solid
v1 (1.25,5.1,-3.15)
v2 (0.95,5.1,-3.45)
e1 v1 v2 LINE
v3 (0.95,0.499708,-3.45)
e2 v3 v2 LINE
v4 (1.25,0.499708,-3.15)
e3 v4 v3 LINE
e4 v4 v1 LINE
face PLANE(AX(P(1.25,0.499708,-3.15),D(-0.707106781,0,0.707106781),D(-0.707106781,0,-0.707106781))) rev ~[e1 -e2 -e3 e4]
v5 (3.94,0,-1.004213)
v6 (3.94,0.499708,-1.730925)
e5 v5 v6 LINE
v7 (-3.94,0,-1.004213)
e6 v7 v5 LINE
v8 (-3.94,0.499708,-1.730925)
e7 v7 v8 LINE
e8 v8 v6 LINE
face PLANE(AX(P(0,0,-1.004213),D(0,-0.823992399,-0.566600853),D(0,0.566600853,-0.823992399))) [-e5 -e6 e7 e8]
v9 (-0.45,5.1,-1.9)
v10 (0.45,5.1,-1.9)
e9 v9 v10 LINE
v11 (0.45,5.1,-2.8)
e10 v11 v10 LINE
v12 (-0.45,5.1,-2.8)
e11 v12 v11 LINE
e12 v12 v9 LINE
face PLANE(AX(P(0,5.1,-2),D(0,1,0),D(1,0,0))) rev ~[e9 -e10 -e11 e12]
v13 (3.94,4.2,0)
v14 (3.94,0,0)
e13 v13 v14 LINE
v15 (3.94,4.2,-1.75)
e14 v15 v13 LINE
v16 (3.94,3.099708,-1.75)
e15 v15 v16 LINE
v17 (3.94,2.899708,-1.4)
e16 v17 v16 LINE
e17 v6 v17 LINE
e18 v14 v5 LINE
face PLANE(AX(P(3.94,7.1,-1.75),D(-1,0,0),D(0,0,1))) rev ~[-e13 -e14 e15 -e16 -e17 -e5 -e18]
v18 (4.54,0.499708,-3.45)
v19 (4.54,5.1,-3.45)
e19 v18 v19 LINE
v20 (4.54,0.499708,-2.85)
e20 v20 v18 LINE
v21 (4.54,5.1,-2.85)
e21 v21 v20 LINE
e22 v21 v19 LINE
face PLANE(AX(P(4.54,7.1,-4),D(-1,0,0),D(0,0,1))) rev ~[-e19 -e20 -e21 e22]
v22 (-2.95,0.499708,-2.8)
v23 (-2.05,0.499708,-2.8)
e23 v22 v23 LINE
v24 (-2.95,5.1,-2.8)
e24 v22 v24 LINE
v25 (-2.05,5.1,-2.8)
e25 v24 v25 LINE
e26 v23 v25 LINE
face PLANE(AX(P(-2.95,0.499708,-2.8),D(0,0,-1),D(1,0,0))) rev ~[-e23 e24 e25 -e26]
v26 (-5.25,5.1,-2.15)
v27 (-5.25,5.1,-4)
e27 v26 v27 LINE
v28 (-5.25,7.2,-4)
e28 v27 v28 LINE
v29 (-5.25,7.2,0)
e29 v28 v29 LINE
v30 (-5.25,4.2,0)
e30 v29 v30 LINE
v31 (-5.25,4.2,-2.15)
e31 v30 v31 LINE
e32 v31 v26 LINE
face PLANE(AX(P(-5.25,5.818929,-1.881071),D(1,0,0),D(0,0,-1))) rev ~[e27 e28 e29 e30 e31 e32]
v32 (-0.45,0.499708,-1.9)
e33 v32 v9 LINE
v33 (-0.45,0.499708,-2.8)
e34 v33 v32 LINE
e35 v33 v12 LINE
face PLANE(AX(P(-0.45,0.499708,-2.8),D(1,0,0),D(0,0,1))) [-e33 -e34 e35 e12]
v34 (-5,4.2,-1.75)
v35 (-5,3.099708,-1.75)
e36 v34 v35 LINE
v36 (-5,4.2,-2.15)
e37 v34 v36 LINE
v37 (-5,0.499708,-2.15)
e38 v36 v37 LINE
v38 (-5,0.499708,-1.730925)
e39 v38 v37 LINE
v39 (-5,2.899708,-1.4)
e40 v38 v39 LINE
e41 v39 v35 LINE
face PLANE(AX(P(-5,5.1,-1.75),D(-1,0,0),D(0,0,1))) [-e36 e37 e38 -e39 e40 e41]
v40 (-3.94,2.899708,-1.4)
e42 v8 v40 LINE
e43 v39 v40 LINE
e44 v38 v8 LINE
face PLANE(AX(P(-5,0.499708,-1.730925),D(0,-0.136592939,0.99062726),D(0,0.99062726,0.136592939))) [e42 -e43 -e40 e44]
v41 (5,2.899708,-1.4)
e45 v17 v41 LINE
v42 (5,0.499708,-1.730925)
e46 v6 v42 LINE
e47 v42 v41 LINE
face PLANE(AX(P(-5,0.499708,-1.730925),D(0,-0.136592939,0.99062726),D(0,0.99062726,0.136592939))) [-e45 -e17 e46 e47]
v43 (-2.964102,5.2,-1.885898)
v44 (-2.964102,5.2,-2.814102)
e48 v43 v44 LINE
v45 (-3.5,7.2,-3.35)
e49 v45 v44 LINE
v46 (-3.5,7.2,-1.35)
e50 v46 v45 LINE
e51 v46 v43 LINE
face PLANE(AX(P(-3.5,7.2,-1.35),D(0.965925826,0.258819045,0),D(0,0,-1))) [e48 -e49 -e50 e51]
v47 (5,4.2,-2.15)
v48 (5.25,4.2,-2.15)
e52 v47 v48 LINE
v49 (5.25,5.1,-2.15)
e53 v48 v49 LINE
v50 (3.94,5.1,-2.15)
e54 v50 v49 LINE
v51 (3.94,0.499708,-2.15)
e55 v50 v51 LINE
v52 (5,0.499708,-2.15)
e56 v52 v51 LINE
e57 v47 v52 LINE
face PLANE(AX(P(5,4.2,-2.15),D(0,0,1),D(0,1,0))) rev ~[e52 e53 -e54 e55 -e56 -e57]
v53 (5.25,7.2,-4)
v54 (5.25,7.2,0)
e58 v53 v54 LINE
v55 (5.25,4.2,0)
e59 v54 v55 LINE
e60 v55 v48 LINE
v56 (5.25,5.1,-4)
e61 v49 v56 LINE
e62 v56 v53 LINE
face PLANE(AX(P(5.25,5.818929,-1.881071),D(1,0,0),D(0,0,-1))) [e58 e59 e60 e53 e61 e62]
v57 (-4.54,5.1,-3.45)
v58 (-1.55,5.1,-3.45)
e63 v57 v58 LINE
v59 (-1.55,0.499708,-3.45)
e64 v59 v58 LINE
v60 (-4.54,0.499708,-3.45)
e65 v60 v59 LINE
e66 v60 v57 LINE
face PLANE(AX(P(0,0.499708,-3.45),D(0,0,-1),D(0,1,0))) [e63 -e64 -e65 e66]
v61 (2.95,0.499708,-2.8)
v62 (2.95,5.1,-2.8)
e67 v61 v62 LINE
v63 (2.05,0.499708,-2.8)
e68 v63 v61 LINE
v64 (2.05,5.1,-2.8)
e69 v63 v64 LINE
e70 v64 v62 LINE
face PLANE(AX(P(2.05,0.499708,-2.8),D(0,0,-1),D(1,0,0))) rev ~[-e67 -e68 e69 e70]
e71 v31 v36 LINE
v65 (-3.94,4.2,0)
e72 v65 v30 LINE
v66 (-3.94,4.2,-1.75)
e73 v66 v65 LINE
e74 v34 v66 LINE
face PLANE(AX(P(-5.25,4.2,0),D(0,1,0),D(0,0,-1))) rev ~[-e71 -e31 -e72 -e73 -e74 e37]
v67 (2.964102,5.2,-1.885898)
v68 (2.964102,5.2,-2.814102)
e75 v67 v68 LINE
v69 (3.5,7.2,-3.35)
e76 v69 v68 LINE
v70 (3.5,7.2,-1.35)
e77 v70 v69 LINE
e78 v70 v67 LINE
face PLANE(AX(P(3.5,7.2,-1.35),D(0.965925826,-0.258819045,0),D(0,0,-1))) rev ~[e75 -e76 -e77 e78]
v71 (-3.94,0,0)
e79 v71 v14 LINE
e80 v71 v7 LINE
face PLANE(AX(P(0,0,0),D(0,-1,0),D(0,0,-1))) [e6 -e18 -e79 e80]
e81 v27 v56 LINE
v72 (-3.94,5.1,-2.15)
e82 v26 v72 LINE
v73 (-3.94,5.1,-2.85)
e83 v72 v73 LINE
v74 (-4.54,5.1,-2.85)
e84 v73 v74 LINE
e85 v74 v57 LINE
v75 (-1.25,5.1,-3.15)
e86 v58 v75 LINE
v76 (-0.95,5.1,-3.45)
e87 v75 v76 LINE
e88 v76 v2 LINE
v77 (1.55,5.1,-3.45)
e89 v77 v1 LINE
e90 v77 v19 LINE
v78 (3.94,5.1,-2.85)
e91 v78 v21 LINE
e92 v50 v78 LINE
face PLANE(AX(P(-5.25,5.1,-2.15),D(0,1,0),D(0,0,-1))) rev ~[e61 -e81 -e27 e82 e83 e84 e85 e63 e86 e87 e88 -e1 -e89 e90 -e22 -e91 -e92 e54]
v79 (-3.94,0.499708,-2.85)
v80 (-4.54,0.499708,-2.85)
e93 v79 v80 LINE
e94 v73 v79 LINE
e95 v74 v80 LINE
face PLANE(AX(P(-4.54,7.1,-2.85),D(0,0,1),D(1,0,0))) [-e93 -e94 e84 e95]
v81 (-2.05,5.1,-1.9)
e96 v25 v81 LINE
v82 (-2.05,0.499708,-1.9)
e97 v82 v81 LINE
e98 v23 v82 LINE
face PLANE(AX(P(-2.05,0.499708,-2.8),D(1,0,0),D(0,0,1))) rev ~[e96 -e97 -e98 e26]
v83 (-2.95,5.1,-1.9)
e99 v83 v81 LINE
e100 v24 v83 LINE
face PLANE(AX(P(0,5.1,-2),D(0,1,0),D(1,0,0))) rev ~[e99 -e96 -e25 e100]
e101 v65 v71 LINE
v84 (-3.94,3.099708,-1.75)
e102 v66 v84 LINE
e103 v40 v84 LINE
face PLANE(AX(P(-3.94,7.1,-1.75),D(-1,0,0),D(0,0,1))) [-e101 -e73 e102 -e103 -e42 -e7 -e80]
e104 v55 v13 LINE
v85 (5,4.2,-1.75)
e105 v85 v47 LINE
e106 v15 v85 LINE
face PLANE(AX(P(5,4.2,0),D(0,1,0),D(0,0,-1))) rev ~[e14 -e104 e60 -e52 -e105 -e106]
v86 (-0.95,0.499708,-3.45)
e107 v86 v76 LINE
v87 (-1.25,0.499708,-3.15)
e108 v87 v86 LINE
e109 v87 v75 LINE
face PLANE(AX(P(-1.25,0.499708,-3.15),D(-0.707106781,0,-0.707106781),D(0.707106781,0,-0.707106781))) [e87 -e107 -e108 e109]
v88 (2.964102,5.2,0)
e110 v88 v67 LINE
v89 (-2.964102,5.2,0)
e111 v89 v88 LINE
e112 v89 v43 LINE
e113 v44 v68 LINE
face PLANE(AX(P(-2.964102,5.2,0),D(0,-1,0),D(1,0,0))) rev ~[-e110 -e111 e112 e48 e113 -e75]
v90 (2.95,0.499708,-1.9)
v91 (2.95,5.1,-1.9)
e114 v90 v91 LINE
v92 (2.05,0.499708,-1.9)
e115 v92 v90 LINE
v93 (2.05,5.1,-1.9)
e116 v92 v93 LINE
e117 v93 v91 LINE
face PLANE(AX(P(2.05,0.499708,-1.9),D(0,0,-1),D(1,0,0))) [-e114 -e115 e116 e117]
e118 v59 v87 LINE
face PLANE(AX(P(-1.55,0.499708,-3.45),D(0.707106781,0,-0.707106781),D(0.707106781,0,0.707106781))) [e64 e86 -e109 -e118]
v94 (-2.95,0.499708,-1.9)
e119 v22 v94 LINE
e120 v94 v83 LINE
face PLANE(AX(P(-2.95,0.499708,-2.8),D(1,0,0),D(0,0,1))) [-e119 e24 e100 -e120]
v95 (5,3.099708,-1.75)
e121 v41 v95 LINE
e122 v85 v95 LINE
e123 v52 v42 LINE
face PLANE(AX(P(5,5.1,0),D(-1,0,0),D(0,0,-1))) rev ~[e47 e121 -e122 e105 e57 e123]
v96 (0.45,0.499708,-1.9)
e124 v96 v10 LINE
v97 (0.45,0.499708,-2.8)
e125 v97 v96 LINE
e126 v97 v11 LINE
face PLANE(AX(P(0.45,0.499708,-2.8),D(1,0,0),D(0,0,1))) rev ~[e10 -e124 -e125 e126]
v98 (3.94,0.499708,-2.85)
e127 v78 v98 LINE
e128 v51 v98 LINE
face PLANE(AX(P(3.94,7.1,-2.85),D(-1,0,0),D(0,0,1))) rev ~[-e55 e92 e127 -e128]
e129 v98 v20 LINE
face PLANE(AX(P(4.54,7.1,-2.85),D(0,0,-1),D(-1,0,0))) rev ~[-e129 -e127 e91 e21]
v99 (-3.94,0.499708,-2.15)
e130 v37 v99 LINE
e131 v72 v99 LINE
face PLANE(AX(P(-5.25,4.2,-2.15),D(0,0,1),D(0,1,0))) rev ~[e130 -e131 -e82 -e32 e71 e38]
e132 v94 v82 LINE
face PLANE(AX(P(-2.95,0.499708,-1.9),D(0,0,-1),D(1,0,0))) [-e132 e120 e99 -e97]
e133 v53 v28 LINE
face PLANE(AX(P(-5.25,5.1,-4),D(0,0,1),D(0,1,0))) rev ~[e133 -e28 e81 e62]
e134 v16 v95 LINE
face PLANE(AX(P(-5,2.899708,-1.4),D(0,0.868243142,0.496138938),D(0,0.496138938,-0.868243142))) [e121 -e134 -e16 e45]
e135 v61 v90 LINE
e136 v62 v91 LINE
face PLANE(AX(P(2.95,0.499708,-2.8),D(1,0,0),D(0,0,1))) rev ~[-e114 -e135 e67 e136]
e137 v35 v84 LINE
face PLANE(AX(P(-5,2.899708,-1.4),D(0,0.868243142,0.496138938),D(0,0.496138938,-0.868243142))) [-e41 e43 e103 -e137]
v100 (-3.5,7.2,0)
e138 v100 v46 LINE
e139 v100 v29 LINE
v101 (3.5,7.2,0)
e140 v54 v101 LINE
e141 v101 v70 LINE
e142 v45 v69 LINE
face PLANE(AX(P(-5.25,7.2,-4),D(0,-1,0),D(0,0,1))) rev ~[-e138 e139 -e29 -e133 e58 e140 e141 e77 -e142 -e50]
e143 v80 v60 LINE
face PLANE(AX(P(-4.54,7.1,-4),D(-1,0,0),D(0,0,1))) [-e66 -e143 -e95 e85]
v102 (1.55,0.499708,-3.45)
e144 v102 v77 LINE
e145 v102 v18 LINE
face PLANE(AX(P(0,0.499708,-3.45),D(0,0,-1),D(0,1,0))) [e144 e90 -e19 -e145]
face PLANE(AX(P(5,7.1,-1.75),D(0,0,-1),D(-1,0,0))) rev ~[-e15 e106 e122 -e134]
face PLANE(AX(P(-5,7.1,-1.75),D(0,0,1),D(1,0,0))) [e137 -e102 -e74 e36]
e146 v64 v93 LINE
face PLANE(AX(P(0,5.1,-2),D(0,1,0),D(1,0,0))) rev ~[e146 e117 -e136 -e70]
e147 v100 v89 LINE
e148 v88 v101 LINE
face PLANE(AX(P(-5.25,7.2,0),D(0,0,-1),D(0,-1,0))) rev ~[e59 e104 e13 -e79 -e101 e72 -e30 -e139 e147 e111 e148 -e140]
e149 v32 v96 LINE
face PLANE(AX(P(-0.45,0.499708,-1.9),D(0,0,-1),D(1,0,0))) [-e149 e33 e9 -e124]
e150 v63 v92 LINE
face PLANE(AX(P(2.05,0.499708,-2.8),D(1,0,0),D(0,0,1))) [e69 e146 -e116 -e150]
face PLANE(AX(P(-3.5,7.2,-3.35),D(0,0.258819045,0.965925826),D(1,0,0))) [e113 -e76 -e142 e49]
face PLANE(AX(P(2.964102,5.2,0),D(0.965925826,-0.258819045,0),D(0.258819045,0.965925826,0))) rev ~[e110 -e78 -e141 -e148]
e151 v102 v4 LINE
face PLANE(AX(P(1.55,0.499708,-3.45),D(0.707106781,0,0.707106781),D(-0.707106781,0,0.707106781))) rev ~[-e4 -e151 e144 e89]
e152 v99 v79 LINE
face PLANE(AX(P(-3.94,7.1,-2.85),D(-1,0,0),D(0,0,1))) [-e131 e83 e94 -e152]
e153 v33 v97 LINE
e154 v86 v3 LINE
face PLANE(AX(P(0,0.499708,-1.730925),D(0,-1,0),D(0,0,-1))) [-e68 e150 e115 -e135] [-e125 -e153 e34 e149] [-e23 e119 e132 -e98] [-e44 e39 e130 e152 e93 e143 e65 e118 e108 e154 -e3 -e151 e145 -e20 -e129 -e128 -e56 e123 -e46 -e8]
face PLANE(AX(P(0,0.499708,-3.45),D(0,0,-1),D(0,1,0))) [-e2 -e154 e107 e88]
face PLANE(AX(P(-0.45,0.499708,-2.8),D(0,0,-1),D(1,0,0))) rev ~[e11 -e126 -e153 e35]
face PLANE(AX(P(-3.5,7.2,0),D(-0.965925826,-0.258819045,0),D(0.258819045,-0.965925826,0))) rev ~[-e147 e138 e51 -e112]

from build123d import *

# Parameters (mm, degrees)
BOSS_EXTRUDE1_DEPTH      = 5
CUT_EXTRUDE1_DEPTH       = 10.560857702
SKETCH3_W                = 0.9
SKETCH3_H                = 0.9
CUT_EXTRUDE2_DEPTH       = 10.195860993
BOSS_EXTRUDE2_DEPTH      = 1.06
BOSS_EXTRUDE2_DEPTH_BACK = 8.94
CUT_EXTRUDE3_DEPTH       = 5.399847063
BOSS_EXTRUDE3_DEPTH      = 0.1
BOSS_EXTRUDE3_DEPTH_BACK = 2
SKETCH6_W                = 10
SKETCH6_H                = 4
SKETCH7_W                = 7
SKETCH7_H                = 2
CUT_EXTRUDE4_DEPTH       = 2
CUT_EXTRUDE4_DRAFT       = -15
CUT_EXTRUDE5_REACH       = 11.635
SKETCH9_W                = 1.06
SKETCH9_H                = 1.75
BOSS_EXTRUDE4_DEPTH      = 0.9
BOSS_EXTRUDE5_DEPTH      = 0.25
BOSS_EXTRUDE6_START      = -10.25
BOSS_EXTRUDE6_DEPTH      = 0.25


with BuildPart() as part:
    # Sketch1 → Boss-Extrude1 (new, symmetric)
    with BuildSketch(Plane(origin=(0, 0, 0), x_dir=(0, 0, -1), z_dir=(1, 0, 0))):
        Polygon((4, 7.1), (1.092777193, 7.1), (1.092777193, 6.499060719), (0, 6.499060719), (0, 0), (1.004213348, 0), (1.730924726, 0.499707627), (3.45, 0.499707627), (3.45, 5.89955469), (4, 5.89955469), align=None)
    extrude(amount=BOSS_EXTRUDE1_DEPTH, both=True)

    # Sketch2 → Cut-Extrude1 (cut, through all)
    with BuildSketch(Plane(origin=(0, 7.1, 0), x_dir=(1, 0, 0), z_dir=(0, 1, 0))):
        Polygon((-6, 4), (-4.54, 4), (-4.54, 2.85), (-3.94, 2.85), (-3.94, 2.15), (-5, 2.15), (-5, 1.75), (-3.94, 1.75), (-3.94, 0), (-6, 0), align=None)
        Polygon((6, 0), (6, 4), (4.54, 4), (4.54, 2.85), (3.94, 2.85), (3.94, 2.15), (5, 2.15), (5, 1.75), (3.94, 1.75), (3.94, 0), align=None)
    extrude(amount=-CUT_EXTRUDE1_DEPTH, mode=Mode.SUBTRACT)

    # Sketch3 → Cut-Extrude2 (cut, through all)
    with BuildSketch(Plane.XZ.offset(-0.499707627)):
        with Locations((0, -2.35)):
            Rectangle(SKETCH3_W, SKETCH3_H)
        with Locations((2.5, -2.35)):
            Rectangle(SKETCH3_W, SKETCH3_H)
        with Locations((-2.5, -2.35)):
            Rectangle(SKETCH3_W, SKETCH3_H)
    extrude(amount=-CUT_EXTRUDE2_DEPTH, mode=Mode.SUBTRACT)

    # Sketch4 → Boss-Extrude2 (add, two sides: drawn at the far end of the back side and taken through both)
    with BuildSketch(Plane(origin=(3.94, 0, 0), x_dir=(0, 0, -1), z_dir=(1, 0, 0)).offset(-BOSS_EXTRUDE2_DEPTH_BACK)):
        Polygon((1.75, 0.499707627), (1.730924726, 0.499707627), (1.4, 2.899707627), (1.75, 3.099707627), align=None)
    extrude(amount=BOSS_EXTRUDE2_DEPTH + BOSS_EXTRUDE2_DEPTH_BACK)

    # Sketch5 → Cut-Extrude3 (cut)
    with BuildSketch(Plane.XZ.offset(-0.499707627)):
        Polygon((-1.55, -3.45), (-1.25, -3.15), (-0.95, -3.45), align=None)
        Polygon((0.95, -3.45), (1.55, -3.45), (1.25, -3.15), align=None)
    extrude(amount=-CUT_EXTRUDE3_DEPTH, mode=Mode.SUBTRACT)

    # Sketch6 → Boss-Extrude3 (add, two sides: drawn at the far end of the back side and taken through both)
    with BuildSketch(Plane(origin=(0, 7.1, 0), x_dir=(1, 0, 0), z_dir=(0, 1, 0)).offset(-BOSS_EXTRUDE3_DEPTH_BACK)):
        with Locations((0, 2)):
            Rectangle(SKETCH6_W, SKETCH6_H)
    extrude(amount=BOSS_EXTRUDE3_DEPTH + BOSS_EXTRUDE3_DEPTH_BACK)


with BuildPart() as cut_extrude4_tool:
    # Sketch7 → Cut-Extrude4 (with draft: the straight prism first)
    with BuildSketch(Plane(origin=(0, 7.2, 0), x_dir=(1, 0, 0), z_dir=(0, 1, 0))):
        with Locations((0, 2.35)):
            Rectangle(SKETCH7_W, SKETCH7_H)
    extrude(amount=-CUT_EXTRUDE4_DEPTH)
    # Cut-Extrude4: the draft: its side faces are tilted about the plane it starts from
    cut_extrude4_sides = [cut_extrude4_tool.faces().sort_by_distance(p)[0] for p in [
        (-3.5, 6.2, -2.35),
        (0, 6.2, -1.35),
        (3.5, 6.2, -2.35),
        (0, 6.2, -3.35),
    ]]
    draft(cut_extrude4_sides, Plane(origin=(0, 7.2, 0), x_dir=(1, 0, 0), z_dir=(0, 1, 0)), CUT_EXTRUDE4_DRAFT)


with BuildPart() as part_1:
    add(part.part)

    # Cut-Extrude4: cut by cut_extrude4_tool
    add(cut_extrude4_tool.part, mode=Mode.SUBTRACT)

    # Cut-Extrude5: up to this face of the body (flat: up to its plane)
    cut_extrude5_end = Plane(part_1.part.faces().sort_by_distance((0, 6.22763459, -1.610544526))[0])
    # Sketch8 → Cut-Extrude5 (cut, up to the picked face)
    with BuildSketch(Plane.XY, mode=Mode.PRIVATE) as cut_extrude5_sk1:
        Polygon((-3.5, 7.2), (-2.964101615, 5.2), (2.964101615, 5.2), (3.5, 7.2), align=None)
    cut_extrude5_tool1 = split(extrude(cut_extrude5_sk1.sketch, amount=-CUT_EXTRUDE5_REACH, mode=Mode.PRIVATE), bisect_by=cut_extrude5_end, keep=Keep.BOTH, mode=Mode.PRIVATE)
    add(cut_extrude5_tool1.solids().sort_by(Axis((0, 6.227635, 0), (0, 0, -1)))[0], mode=Mode.SUBTRACT)

    # Sketch9 → Boss-Extrude4 (add)
    with BuildSketch(Plane.XZ.offset(-5.1)):
        with Locations((-4.47, -0.875)):
            Rectangle(SKETCH9_W, SKETCH9_H)
        with Locations((4.47, -0.875)):
            Rectangle(SKETCH9_W, SKETCH9_H)
    extrude(amount=BOSS_EXTRUDE4_DEPTH)

    # Sketch10 → Boss-Extrude5 (add)
    with BuildSketch(Plane(origin=(5, 0, 0), x_dir=(0, 0, -1), z_dir=(1, 0, 0))):
        Polygon((0, 4.2), (2.15, 4.2), (2.15, 5.1), (4, 5.1), (4, 7.2), (0, 7.2), align=None)
    extrude(amount=BOSS_EXTRUDE5_DEPTH)

    # Sketch10<2> → Boss-Extrude6 (add)
    with BuildSketch(Plane(origin=(5, 0, 0), x_dir=(0, 0, -1), z_dir=(1, 0, 0)).offset(BOSS_EXTRUDE6_START)):
        Polygon((0, 4.2), (2.15, 4.2), (2.15, 5.1), (4, 5.1), (4, 7.2), (0, 7.2), align=None)
    extrude(amount=BOSS_EXTRUDE6_DEPTH)


solid = part_1.part
